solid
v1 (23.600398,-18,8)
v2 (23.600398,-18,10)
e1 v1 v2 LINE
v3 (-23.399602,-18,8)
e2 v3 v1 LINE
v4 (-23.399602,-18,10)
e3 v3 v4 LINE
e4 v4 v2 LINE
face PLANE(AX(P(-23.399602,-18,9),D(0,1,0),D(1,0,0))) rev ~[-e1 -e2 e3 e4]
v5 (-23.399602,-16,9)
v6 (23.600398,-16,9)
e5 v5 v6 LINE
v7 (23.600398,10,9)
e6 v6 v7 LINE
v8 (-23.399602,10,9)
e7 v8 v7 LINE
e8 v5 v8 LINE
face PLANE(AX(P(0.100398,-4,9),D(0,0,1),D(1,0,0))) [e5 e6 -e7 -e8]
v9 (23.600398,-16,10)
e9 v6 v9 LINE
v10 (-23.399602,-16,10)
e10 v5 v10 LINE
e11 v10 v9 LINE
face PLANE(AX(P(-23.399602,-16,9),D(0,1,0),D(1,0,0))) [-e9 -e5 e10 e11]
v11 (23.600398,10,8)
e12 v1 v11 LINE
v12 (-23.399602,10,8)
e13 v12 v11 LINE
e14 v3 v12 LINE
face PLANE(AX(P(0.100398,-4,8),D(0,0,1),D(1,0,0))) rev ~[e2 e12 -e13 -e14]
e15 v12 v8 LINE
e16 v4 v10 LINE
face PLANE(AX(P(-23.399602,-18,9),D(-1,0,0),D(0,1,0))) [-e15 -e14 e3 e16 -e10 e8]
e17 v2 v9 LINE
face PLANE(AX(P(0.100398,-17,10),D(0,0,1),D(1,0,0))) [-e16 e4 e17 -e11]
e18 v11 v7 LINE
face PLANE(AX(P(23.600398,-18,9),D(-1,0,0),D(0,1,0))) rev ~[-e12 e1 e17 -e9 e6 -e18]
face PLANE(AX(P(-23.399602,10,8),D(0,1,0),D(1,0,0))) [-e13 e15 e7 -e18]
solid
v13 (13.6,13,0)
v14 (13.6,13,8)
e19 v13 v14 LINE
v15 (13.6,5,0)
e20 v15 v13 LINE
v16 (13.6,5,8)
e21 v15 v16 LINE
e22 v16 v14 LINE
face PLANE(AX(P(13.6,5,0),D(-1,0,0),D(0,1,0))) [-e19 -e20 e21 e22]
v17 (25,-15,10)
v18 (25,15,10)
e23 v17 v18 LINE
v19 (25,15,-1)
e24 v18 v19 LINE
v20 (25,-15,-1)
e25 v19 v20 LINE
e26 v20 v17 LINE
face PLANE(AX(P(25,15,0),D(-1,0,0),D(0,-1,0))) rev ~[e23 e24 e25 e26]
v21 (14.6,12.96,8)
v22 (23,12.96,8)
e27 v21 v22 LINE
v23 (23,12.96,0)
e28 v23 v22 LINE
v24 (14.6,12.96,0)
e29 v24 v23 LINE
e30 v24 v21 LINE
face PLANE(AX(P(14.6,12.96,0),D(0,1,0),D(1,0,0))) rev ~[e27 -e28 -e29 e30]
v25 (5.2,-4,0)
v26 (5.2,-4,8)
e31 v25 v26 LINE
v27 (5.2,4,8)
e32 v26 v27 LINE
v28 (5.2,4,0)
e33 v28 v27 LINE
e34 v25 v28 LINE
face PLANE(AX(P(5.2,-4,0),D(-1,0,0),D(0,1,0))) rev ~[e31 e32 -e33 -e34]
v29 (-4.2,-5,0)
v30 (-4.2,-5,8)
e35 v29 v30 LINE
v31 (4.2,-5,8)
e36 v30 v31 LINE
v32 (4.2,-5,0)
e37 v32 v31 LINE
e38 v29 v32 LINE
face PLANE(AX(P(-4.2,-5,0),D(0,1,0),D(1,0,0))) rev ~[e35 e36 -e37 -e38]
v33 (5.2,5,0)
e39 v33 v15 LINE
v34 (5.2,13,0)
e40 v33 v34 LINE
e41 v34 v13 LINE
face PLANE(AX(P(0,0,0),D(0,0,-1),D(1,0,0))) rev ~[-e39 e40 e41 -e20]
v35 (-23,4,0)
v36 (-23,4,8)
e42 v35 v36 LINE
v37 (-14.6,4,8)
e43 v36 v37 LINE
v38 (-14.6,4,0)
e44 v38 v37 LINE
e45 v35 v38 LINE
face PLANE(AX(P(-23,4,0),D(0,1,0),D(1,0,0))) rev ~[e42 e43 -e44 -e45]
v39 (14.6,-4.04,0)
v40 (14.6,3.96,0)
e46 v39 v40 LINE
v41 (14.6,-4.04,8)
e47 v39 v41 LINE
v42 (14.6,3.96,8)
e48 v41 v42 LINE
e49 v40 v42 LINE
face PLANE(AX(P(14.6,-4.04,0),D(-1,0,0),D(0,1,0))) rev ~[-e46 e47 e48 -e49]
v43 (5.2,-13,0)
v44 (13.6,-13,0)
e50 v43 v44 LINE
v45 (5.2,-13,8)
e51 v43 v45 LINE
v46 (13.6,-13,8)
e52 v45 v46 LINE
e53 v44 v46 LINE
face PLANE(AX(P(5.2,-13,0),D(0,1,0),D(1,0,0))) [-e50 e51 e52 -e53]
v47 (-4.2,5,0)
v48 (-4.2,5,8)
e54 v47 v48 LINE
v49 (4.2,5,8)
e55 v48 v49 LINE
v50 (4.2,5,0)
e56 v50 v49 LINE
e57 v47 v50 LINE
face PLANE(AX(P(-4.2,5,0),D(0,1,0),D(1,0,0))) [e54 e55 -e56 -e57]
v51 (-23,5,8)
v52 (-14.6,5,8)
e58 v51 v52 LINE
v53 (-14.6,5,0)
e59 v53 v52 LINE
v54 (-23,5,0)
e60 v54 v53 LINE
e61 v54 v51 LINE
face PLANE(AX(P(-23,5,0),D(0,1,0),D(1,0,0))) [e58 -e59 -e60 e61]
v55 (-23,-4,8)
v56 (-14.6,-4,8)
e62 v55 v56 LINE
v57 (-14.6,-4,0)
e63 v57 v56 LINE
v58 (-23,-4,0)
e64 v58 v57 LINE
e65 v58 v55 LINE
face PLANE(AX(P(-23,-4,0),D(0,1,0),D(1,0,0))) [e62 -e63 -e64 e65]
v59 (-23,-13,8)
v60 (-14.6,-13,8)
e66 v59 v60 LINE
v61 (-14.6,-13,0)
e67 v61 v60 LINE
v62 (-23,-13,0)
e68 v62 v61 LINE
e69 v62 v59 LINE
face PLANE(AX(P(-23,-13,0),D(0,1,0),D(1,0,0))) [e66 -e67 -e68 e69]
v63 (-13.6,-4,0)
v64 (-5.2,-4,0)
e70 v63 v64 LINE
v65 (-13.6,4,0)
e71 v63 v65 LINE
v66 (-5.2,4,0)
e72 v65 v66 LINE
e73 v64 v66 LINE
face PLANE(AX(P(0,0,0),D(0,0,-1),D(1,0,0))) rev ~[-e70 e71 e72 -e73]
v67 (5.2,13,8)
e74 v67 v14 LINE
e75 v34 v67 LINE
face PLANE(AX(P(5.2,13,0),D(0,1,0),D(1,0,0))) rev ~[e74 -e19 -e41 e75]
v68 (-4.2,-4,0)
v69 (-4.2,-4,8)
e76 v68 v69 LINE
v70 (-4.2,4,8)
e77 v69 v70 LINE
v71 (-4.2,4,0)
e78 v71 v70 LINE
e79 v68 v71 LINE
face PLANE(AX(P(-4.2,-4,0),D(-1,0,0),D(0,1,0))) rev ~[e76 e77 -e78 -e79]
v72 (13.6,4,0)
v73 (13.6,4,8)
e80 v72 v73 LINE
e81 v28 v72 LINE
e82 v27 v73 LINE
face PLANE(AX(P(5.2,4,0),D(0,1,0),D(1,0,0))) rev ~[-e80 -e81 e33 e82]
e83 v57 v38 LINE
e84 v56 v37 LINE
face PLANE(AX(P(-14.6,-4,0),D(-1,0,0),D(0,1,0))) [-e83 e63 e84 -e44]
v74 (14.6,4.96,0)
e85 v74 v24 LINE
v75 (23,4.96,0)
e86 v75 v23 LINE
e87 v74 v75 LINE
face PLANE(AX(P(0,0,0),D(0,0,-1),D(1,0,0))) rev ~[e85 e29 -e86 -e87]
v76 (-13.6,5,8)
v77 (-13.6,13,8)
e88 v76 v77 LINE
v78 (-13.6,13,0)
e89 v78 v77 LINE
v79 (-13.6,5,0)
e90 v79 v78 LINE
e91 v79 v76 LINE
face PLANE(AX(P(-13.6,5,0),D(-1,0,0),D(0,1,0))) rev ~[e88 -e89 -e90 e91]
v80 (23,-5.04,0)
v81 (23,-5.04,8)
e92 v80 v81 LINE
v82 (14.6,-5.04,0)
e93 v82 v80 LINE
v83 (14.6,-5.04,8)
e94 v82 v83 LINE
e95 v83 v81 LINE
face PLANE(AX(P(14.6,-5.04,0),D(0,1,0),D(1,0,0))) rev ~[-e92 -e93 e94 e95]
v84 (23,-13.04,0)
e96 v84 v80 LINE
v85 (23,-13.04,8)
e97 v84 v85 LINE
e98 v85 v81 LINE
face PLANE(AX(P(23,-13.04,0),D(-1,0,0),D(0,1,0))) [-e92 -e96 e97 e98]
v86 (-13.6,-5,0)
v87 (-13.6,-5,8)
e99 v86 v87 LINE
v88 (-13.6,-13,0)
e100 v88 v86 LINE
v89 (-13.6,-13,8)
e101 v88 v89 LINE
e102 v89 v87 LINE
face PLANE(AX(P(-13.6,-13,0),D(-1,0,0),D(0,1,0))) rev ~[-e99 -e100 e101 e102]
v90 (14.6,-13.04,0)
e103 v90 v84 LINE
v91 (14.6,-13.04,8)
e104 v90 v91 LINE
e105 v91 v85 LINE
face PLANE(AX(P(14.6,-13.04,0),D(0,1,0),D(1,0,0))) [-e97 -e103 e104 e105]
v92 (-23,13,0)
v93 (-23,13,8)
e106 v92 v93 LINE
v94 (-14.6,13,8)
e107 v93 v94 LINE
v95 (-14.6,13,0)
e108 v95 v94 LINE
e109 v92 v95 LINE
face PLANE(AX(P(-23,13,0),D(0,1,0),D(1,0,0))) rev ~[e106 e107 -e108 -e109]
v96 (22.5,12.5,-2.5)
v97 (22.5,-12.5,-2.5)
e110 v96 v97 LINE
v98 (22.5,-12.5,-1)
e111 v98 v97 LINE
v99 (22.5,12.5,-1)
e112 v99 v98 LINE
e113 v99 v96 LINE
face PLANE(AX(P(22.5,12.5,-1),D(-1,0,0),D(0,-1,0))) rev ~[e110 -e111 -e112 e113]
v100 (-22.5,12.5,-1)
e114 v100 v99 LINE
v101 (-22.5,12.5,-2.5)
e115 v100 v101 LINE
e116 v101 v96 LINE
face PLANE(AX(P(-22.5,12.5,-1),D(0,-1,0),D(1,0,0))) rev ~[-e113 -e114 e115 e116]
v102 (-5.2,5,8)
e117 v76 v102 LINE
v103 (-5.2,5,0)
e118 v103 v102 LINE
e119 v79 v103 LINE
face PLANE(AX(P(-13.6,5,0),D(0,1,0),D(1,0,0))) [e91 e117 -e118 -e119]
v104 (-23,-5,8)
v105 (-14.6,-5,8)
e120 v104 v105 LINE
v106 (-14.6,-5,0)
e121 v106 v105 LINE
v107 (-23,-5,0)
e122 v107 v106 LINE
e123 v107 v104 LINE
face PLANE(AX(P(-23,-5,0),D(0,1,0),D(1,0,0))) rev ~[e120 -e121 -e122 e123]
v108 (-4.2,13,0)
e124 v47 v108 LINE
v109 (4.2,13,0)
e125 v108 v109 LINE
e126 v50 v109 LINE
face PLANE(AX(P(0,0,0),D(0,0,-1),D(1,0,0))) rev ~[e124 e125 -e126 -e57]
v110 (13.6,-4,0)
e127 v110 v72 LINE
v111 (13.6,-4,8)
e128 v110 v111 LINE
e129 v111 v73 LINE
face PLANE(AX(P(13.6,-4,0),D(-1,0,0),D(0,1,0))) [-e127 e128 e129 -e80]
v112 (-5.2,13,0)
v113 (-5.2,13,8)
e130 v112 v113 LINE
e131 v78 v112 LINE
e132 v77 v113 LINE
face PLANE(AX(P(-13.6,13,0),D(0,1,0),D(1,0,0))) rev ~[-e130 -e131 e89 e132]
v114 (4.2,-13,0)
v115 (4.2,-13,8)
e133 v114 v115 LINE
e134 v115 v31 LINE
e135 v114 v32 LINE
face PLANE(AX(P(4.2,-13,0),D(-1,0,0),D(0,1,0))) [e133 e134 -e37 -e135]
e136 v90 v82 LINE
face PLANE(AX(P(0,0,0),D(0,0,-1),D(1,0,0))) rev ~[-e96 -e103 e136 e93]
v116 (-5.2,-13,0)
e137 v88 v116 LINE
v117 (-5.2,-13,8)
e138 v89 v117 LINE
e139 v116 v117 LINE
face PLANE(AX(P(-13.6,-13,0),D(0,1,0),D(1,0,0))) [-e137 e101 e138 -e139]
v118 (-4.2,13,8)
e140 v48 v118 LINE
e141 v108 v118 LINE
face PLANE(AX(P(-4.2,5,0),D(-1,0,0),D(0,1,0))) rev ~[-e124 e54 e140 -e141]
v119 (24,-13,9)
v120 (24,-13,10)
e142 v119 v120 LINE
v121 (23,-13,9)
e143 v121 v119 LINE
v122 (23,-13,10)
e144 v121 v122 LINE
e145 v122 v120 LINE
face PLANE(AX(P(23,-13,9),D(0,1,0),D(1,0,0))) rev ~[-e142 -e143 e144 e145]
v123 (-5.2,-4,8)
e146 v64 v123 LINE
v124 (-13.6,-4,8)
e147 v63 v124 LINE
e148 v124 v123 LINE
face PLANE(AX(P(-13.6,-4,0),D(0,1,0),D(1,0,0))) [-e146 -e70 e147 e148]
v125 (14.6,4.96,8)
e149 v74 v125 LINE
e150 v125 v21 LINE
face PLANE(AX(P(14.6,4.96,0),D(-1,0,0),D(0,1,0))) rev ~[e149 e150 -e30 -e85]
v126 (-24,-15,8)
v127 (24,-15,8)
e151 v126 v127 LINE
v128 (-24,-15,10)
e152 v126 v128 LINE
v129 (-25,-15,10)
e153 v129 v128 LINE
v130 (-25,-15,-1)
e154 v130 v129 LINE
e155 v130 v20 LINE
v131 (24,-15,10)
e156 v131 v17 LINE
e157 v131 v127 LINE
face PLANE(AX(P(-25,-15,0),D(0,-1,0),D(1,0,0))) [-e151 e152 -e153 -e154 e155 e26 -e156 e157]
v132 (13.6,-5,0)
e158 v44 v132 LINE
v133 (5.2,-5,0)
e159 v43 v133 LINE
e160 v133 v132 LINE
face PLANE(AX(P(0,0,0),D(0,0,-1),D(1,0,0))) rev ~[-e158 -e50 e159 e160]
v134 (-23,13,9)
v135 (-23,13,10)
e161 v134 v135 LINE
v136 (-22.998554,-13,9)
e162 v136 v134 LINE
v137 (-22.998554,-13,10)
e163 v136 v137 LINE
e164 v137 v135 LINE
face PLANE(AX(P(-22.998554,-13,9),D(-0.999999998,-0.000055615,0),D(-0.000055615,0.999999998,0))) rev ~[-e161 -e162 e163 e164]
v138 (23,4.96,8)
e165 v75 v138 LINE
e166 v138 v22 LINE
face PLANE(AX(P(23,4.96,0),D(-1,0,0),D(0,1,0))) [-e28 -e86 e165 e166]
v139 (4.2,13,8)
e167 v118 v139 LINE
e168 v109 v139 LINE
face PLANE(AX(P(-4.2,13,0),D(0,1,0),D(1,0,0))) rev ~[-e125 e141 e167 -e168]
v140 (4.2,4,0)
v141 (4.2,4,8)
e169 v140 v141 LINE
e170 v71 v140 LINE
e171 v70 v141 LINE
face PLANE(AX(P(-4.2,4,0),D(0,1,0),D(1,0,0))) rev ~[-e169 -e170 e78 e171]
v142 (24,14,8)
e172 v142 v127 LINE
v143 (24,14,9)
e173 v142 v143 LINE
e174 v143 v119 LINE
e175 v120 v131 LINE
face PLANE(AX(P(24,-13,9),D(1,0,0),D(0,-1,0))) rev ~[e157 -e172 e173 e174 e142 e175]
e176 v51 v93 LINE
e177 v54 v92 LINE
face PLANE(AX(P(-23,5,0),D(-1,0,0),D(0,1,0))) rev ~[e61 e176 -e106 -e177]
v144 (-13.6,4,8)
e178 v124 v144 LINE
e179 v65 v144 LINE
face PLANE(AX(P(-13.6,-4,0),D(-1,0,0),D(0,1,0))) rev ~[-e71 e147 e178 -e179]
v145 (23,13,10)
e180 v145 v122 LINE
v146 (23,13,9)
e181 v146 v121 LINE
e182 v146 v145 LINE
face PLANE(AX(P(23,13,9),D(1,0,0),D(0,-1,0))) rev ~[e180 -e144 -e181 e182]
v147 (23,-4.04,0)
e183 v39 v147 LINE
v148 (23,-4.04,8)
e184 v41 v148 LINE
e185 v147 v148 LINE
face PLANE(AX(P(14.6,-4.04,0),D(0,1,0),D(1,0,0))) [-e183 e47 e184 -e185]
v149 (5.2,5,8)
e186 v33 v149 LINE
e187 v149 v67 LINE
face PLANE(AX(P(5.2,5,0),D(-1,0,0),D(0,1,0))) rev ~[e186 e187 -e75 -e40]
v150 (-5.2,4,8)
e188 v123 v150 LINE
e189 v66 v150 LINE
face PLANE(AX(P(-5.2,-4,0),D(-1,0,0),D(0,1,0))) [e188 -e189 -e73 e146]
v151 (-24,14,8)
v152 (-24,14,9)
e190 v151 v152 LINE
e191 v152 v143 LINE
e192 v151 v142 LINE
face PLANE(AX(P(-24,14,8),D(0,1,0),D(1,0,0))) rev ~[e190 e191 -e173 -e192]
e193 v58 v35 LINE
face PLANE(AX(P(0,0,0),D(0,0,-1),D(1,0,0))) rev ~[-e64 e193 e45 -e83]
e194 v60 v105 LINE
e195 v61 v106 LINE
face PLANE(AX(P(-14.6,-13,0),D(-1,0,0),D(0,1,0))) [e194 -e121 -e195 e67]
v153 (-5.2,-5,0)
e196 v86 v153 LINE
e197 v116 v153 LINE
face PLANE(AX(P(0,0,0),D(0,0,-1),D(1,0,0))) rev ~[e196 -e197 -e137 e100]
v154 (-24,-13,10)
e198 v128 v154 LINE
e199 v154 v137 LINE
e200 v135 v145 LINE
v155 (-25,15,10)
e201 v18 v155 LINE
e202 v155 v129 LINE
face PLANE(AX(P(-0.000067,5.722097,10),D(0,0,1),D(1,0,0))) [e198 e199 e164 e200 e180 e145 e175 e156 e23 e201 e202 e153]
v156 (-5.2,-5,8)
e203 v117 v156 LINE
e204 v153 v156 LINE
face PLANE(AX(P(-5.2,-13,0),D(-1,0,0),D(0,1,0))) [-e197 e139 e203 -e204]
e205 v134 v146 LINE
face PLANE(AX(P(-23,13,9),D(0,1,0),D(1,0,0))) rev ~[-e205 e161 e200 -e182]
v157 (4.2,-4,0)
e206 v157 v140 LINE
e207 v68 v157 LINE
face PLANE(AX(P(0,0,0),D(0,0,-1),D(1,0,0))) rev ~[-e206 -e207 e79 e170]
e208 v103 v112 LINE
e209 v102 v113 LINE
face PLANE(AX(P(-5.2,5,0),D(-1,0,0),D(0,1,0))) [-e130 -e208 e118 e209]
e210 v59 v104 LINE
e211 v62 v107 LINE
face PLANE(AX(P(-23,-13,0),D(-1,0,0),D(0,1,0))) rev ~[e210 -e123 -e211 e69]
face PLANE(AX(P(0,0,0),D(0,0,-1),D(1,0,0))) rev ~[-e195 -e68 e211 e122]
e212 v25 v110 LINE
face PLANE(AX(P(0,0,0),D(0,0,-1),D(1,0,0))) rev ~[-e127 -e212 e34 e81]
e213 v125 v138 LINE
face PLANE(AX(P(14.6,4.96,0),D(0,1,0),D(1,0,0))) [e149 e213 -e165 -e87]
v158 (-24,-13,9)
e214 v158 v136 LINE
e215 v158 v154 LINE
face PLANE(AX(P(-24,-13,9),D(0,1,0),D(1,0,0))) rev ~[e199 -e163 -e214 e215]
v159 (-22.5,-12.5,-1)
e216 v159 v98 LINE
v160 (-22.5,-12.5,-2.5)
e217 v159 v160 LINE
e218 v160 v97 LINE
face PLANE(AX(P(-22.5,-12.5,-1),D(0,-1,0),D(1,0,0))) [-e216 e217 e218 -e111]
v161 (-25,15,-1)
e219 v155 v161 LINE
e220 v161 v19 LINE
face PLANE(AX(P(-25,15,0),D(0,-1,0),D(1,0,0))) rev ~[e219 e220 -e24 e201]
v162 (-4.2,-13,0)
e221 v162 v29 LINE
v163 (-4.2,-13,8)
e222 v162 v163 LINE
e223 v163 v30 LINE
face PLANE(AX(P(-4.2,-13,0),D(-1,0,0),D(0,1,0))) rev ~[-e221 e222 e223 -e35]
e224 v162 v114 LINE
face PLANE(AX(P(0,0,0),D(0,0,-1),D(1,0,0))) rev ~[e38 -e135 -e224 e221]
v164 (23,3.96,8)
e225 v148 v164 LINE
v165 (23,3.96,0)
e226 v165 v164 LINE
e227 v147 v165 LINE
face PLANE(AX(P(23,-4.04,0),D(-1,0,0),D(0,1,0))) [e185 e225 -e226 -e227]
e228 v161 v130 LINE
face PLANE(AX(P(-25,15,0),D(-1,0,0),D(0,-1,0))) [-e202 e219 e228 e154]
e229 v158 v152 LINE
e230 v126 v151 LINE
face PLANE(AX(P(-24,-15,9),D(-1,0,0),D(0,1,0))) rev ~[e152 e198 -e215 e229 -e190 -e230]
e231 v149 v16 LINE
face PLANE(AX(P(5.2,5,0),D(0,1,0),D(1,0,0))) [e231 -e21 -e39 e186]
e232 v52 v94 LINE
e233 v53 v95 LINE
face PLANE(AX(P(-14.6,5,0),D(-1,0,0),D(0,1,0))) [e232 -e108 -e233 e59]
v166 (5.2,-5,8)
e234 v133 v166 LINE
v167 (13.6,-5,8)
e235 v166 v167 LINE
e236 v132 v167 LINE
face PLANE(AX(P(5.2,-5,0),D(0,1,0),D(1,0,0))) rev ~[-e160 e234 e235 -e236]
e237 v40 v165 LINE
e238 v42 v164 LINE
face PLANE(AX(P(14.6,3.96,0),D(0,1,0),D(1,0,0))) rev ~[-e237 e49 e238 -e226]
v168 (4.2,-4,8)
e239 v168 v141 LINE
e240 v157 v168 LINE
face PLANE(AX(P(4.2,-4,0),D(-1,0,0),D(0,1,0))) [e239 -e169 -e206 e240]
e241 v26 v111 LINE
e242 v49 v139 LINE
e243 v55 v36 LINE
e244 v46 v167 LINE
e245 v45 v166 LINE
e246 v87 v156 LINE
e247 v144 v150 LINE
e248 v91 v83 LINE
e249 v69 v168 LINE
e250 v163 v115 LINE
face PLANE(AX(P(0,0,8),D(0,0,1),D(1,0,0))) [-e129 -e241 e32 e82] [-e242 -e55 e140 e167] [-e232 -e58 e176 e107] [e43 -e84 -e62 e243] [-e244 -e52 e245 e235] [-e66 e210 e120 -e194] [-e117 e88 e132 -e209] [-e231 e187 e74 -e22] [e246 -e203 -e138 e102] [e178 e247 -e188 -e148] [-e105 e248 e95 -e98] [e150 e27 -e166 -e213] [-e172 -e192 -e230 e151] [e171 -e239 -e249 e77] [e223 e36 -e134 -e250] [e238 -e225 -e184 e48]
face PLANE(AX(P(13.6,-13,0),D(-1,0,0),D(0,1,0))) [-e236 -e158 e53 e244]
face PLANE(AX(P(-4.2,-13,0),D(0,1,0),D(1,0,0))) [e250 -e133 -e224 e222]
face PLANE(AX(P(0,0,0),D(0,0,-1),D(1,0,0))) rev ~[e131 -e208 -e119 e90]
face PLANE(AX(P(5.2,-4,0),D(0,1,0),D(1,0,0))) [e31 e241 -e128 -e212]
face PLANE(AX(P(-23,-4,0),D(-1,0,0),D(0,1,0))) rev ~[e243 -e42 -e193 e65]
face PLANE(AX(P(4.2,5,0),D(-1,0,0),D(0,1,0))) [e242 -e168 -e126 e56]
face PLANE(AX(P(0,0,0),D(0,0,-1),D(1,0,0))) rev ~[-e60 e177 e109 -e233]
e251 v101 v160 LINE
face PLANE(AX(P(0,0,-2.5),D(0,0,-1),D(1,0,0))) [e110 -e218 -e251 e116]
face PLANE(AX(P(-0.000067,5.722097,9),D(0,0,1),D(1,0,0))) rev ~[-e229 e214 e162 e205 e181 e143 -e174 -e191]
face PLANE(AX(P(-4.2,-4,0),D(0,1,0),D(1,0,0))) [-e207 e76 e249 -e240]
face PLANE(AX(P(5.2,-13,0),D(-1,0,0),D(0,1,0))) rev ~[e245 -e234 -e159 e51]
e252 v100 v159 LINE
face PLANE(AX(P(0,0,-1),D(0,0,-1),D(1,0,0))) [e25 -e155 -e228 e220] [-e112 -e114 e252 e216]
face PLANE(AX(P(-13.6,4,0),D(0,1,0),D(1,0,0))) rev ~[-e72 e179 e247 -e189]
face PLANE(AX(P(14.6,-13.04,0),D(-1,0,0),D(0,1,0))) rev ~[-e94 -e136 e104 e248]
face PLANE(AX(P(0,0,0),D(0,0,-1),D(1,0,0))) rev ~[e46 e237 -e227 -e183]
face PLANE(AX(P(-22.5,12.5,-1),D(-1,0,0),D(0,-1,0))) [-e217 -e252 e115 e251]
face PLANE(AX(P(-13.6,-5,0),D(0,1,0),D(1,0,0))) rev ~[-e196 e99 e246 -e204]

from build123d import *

# Parameters (mm, degrees)
F0_W      = 50
F0_H      = 30
F0_W_2    = 8.4
F0_H_2    = 8
F1_DEPTH  = 8
F3_DEPTH  = 1
F5_DEPTH  = 1
F6_W      = 50
F6_H      = 30
F7_DEPTH  = 1
F9_W      = 45
F9_H      = 25
F10_DEPTH = 1.5
F8_W      = 47
F8_H      = 28
F11_DEPTH = 1
F12_W     = 47
F12_H     = 2
F13_DEPTH = 1


with BuildPart() as f1:
    # F0 (on Top) → F1 (new body)
    with BuildSketch(Plane.XY):
        Rectangle(F0_W, F0_H)
        with Locations((-18.8, -9)):
            Rectangle(F0_W_2, F0_H_2, mode=Mode.SUBTRACT)
        with Locations((-9.4, -9)):
            Rectangle(F0_W_2, F0_H_2, mode=Mode.SUBTRACT)
        with Locations((0, -9)):
            Rectangle(F0_W_2, F0_H_2, mode=Mode.SUBTRACT)
        with Locations((9.4, -9)):
            Rectangle(F0_W_2, F0_H_2, mode=Mode.SUBTRACT)
        with Locations((18.8, -9.04)):
            Rectangle(F0_W_2, F0_H_2, mode=Mode.SUBTRACT)
        with Locations((18.8, -0.04)):
            Rectangle(F0_W_2, F0_H_2, mode=Mode.SUBTRACT)
        with Locations((-18.8, 0)):
            Rectangle(F0_W_2, F0_H_2, mode=Mode.SUBTRACT)
        with Locations((-9.4, 0)):
            Rectangle(F0_W_2, F0_H_2, mode=Mode.SUBTRACT)
        with Locations((-18.8, 9)):
            Rectangle(F0_W_2, F0_H_2, mode=Mode.SUBTRACT)
        with Locations((-9.4, 9)):
            Rectangle(F0_W_2, F0_H_2, mode=Mode.SUBTRACT)
        Rectangle(F0_W_2, F0_H_2, mode=Mode.SUBTRACT)
        with Locations((9.4, 0)):
            Rectangle(F0_W_2, F0_H_2, mode=Mode.SUBTRACT)
        with Locations((0, 9)):
            Rectangle(F0_W_2, F0_H_2, mode=Mode.SUBTRACT)
        with Locations((9.4, 9)):
            Rectangle(F0_W_2, F0_H_2, mode=Mode.SUBTRACT)
        with Locations((18.8, 8.96)):
            Rectangle(F0_W_2, F0_H_2, mode=Mode.SUBTRACT)
    extrude(amount=F1_DEPTH)

    # F2 (on face) → F3 (join)
    with BuildSketch(Plane.XY.offset(8)):
        Polygon((-25, -15), (-24, -15), (-24, 14), (24, 14), (24, -15), (25, -15), (25, 15), (-25, 15), align=None)
    extrude(amount=F3_DEPTH)

    # F4 (on face) → F5 (join)
    with BuildSketch(Plane.XY.offset(9)):
        Polygon((-25, 15), (-25, -15), (-24, -15), (-24, -13), (-22.998554, -13), (-23, 13), (23, 13), (23, -13), (24, -13), (24, -15), (25, -15), (25, 15), align=None)
    extrude(amount=F5_DEPTH)

    # F6 (on face) → F7 (join)
    with BuildSketch(Plane(origin=(0, 0, 0), x_dir=(1, 0, 0), z_dir=(0, 0, -1))):
        Rectangle(F6_W, F6_H)
    extrude(amount=F7_DEPTH)

    # F9 (on face) → F10 (join)
    with BuildSketch(Plane(origin=(0, 0, -1), x_dir=(1, 0, 0), z_dir=(0, 0, -1))):
        Rectangle(F9_W, F9_H)
    extrude(amount=F10_DEPTH)


with BuildPart() as f11:
    # F8 (on face) → F11 (new body)
    with BuildSketch(Plane.XY.offset(8)):
        with Locations((0.100398, -4)):
            Rectangle(F8_W, F8_H)
    extrude(amount=F11_DEPTH)

    # F12 (on face) → F13 (join)
    with BuildSketch(Plane.XY.offset(9)):
        with Locations((0.100398, -17)):
            Rectangle(F12_W, F12_H)
    extrude(amount=F13_DEPTH)


solid = Compound([f1.part, f11.part])
